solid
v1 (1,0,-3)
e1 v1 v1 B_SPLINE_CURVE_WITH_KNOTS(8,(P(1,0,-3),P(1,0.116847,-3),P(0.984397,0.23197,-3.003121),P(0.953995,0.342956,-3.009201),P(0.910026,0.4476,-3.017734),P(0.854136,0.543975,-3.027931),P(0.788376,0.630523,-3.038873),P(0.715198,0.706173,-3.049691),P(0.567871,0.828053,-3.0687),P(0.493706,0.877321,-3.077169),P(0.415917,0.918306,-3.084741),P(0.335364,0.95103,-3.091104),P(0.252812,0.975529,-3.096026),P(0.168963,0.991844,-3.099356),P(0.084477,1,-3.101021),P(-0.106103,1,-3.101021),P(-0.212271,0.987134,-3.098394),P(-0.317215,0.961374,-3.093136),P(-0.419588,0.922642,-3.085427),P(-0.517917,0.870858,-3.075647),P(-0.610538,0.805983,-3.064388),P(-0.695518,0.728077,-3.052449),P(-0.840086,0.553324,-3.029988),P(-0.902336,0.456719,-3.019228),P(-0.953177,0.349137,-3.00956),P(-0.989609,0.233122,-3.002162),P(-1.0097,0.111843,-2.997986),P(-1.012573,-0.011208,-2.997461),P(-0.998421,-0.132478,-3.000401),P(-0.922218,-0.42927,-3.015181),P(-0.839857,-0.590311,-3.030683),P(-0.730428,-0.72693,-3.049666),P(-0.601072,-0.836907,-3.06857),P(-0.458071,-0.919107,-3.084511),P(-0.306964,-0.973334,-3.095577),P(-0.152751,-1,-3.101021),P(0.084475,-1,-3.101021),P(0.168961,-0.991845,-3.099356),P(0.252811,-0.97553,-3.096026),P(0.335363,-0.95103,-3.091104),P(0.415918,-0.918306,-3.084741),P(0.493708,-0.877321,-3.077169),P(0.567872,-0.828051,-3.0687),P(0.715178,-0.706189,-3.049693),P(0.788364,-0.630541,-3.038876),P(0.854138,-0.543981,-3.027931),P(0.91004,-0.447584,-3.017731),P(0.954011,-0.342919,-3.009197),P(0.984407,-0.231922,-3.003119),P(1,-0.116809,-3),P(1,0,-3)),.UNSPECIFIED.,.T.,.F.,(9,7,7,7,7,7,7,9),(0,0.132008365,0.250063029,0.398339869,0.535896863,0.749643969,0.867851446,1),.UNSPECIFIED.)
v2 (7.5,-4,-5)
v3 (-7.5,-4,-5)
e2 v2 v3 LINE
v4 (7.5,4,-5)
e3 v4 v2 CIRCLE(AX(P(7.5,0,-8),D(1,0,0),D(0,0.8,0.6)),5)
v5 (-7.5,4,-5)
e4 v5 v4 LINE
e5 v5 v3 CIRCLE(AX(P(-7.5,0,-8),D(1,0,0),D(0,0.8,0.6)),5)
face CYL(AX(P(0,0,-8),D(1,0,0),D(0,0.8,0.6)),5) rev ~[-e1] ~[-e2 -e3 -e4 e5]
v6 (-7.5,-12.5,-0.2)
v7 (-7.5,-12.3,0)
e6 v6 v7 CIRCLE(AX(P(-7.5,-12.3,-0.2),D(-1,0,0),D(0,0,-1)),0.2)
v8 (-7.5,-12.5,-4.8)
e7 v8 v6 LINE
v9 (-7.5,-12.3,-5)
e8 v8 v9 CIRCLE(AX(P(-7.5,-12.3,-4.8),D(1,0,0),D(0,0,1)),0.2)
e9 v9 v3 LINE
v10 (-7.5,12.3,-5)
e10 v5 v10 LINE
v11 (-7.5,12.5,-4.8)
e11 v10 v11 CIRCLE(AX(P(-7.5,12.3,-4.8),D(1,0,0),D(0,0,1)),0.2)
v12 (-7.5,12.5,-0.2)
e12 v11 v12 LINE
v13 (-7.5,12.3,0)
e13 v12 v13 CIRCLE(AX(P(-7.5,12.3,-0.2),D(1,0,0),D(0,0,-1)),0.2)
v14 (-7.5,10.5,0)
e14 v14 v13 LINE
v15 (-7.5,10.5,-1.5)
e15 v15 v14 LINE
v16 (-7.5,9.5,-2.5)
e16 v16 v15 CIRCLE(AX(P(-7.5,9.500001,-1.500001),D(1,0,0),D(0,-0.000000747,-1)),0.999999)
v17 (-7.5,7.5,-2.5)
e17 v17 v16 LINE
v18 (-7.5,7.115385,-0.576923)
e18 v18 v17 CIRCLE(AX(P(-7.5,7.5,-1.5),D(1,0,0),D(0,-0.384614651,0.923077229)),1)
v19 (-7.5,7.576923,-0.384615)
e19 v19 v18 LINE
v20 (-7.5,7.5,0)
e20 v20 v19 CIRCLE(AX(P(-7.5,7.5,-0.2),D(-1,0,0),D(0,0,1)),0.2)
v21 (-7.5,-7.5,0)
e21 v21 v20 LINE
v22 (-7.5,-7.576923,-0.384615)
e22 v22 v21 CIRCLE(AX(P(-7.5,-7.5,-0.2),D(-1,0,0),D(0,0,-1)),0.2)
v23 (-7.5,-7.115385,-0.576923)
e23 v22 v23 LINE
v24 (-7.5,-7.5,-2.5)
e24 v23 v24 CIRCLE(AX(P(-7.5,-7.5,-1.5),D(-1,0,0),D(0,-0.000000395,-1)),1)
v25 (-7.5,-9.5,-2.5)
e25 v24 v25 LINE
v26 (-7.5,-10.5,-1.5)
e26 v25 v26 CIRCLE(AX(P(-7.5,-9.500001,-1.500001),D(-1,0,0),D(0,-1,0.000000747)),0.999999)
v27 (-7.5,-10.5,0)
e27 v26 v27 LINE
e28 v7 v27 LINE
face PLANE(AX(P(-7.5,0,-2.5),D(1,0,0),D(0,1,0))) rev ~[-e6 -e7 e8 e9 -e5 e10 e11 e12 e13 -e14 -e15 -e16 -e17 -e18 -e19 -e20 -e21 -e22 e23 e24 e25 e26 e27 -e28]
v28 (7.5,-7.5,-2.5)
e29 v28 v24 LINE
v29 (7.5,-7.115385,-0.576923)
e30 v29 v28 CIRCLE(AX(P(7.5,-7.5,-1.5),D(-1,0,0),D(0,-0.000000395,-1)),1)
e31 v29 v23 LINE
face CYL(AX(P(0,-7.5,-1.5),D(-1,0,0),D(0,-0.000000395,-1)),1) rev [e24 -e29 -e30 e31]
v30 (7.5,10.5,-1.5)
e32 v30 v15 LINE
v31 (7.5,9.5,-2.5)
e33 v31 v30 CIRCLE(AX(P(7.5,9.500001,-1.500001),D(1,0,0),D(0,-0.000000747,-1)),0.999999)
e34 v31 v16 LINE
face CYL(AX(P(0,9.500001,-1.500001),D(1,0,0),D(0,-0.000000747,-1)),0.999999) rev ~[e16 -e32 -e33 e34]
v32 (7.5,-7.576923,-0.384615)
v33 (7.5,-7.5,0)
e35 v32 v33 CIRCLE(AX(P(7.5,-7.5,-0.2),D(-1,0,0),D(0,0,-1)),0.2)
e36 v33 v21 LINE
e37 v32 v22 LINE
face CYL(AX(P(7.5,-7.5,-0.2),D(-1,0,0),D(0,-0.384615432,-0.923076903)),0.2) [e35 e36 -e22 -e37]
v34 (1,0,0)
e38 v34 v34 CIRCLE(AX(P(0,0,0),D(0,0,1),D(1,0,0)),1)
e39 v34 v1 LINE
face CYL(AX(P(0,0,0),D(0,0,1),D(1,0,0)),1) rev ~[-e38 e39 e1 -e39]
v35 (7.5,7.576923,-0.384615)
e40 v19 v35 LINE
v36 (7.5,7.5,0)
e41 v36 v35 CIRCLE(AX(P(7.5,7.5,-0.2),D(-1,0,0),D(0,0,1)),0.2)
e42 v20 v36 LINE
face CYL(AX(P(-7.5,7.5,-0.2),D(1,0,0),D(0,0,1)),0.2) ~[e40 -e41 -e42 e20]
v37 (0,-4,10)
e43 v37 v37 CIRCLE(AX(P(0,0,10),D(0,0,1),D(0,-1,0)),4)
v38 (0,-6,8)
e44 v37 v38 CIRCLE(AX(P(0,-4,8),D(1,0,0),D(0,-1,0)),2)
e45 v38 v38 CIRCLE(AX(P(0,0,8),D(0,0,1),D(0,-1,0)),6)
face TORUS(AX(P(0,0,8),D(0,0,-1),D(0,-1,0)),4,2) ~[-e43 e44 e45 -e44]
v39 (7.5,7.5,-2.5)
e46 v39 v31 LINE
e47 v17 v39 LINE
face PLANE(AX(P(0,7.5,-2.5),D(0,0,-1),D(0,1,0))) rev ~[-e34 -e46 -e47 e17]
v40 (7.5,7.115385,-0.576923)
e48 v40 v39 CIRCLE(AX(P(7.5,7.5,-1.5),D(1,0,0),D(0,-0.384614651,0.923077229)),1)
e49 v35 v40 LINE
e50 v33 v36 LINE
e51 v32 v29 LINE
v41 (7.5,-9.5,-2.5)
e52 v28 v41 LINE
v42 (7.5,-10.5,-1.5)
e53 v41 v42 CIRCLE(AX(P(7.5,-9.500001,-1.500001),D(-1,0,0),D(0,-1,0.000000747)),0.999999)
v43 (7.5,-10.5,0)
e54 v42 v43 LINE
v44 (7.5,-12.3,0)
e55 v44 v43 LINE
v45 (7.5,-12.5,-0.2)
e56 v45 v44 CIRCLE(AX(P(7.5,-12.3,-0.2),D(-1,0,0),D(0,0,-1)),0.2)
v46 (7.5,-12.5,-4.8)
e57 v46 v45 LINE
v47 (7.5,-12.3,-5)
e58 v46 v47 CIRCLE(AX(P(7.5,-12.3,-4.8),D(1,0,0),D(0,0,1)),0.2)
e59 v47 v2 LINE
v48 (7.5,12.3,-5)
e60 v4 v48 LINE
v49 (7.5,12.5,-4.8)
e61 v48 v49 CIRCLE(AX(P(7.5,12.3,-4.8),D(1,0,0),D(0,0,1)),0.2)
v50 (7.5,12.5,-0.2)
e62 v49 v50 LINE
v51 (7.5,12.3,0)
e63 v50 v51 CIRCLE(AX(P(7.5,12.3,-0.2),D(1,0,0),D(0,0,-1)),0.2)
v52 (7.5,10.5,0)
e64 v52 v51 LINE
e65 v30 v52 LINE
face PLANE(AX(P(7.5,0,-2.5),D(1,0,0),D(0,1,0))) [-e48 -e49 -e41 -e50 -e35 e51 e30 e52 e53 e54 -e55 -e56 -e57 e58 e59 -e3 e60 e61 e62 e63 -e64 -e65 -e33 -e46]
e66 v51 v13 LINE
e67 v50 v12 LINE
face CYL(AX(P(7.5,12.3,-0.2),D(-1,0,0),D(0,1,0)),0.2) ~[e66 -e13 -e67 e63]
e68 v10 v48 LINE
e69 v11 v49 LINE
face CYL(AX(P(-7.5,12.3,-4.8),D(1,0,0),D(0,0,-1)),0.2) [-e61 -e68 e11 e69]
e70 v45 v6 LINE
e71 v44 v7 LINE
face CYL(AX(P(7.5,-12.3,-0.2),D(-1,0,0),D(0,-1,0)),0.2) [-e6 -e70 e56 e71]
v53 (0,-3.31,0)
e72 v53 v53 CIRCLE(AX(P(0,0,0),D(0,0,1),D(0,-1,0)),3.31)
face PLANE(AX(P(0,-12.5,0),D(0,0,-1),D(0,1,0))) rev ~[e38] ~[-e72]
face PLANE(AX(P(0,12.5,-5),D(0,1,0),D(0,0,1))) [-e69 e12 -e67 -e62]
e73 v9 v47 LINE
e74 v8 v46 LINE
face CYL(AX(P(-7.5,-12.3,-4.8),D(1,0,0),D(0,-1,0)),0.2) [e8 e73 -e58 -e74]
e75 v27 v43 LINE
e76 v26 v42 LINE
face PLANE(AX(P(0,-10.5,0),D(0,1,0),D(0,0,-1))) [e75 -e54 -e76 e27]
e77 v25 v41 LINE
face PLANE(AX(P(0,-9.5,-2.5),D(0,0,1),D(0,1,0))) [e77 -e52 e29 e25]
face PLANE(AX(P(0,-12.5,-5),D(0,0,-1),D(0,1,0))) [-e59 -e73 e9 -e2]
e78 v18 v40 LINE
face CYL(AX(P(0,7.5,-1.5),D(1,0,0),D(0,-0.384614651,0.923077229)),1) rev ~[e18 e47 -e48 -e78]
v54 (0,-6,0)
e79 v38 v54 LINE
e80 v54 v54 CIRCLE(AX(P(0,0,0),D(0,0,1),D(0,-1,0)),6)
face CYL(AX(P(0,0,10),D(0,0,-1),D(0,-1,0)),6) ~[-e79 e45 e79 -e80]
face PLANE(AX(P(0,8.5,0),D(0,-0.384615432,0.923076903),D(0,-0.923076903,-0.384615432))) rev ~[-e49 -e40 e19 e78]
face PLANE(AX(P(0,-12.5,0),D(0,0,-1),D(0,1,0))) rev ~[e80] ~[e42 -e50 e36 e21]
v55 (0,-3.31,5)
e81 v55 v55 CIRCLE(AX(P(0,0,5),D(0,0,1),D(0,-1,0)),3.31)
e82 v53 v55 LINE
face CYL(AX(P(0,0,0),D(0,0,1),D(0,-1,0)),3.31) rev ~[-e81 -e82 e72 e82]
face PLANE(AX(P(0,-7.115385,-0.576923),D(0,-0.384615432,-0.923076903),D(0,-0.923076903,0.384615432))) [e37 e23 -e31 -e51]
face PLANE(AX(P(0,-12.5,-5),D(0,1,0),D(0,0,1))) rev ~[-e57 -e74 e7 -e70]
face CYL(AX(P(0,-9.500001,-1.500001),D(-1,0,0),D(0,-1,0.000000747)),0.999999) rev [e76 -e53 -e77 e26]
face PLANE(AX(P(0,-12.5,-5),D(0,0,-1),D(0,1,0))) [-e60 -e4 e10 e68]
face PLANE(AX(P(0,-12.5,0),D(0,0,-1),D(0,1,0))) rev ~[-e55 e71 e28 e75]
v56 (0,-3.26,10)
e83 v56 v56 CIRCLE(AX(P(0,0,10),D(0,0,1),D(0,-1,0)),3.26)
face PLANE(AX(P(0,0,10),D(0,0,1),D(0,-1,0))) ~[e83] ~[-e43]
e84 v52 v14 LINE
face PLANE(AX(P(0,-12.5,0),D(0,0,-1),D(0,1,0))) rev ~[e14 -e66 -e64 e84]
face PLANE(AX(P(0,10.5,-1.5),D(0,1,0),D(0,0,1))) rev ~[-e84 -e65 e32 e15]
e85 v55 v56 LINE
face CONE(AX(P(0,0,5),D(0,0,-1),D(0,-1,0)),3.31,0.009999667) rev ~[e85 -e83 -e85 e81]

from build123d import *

# Parameters (mm, degrees)
F2_R      = 2
F3_W      = 25
F3_H      = 5
F4_DEPTH  = 7.5
F6_DEPTH  = 12.5
F7_R      = 0.2
F9_DEPTH  = 12.5
F10_R     = 1
F11_DEPTH = 5.001


with BuildPart() as f1:
    # F0 (on Right) → F1 (revolve)
    with BuildSketch(Plane.YZ):
        Polygon((-6, 0), (-3.31, 0), (-3.31, 5), (-3.26, 10), (-6, 10), align=None)
    revolve(axis=Axis((0, 0, 28.409811), (0, 0, 1)))

    # F2
    f2_edges = [f1.edges().sort_by_distance(p)[0] for p in [
        (0, 6, 10),
    ]]
    fillet(f2_edges, radius=F2_R)

    # F3 (on Right) → F4 (join, symmetric)
    with BuildSketch(Plane.YZ):
        with Locations((0, -2.5)):
            Rectangle(F3_W, F3_H)
    extrude(amount=F4_DEPTH, both=True)

    # F5 (on Right) → F6 (cut, symmetric)
    with BuildSketch(Plane.YZ):
        with BuildLine():
            Line((-8.5, 0), (-10.5, 0))
            Line((-10.5, 0), (-10.5, -1.5))
            ThreePointArc((-10.5, -1.5), (-10.207107, -2.207107), (-9.5, -2.5))
            Line((-9.5, -2.5), (-7.5, -2.5))
            ThreePointArc((-7.5, -2.5), (-6.519419, -1.696116), (-7.115385, -0.576923))
            Line((-7.115385, -0.576923), (-8.5, 0))
        make_face()
        with BuildLine():
            Line((10.5, 0), (8.5, 0))
            Line((8.5, 0), (7.115385, -0.576923))
            ThreePointArc((7.115385, -0.576923), (6.519419, -1.696116), (7.5, -2.5))
            Line((7.5, -2.5), (9.5, -2.5))
            ThreePointArc((9.5, -2.5), (10.207107, -2.207107), (10.5, -1.5))
            Line((10.5, -1.5), (10.5, 0))
        make_face()
    extrude(amount=F6_DEPTH, both=True, mode=Mode.SUBTRACT)

    # F7
    f7_edges = [f1.edges().sort_by_distance(p)[0] for p in [
        (0, -8.5, 0),
        (0, 8.5, 0),
        (0, -12.5, 0),
        (0, 12.5, 0),
        (0, -12.5, -5),
        (0, 12.5, -5),
    ]]
    fillet(f7_edges, radius=F7_R)

    # F8 (on Right) → F9 (cut, symmetric)
    with BuildSketch(Plane.YZ):
        with BuildLine():
            Line((-4, -5), (4, -5))
            ThreePointArc((4, -5), (0, -3), (-4, -5))
        make_face()
    extrude(amount=F9_DEPTH, both=True, mode=Mode.SUBTRACT)

    # F10 (on face) → F11 (cut, through all)
    with BuildSketch(Plane.XY):
        Circle(F10_R)
    extrude(amount=-F11_DEPTH, mode=Mode.SUBTRACT)


solid = f1.part
